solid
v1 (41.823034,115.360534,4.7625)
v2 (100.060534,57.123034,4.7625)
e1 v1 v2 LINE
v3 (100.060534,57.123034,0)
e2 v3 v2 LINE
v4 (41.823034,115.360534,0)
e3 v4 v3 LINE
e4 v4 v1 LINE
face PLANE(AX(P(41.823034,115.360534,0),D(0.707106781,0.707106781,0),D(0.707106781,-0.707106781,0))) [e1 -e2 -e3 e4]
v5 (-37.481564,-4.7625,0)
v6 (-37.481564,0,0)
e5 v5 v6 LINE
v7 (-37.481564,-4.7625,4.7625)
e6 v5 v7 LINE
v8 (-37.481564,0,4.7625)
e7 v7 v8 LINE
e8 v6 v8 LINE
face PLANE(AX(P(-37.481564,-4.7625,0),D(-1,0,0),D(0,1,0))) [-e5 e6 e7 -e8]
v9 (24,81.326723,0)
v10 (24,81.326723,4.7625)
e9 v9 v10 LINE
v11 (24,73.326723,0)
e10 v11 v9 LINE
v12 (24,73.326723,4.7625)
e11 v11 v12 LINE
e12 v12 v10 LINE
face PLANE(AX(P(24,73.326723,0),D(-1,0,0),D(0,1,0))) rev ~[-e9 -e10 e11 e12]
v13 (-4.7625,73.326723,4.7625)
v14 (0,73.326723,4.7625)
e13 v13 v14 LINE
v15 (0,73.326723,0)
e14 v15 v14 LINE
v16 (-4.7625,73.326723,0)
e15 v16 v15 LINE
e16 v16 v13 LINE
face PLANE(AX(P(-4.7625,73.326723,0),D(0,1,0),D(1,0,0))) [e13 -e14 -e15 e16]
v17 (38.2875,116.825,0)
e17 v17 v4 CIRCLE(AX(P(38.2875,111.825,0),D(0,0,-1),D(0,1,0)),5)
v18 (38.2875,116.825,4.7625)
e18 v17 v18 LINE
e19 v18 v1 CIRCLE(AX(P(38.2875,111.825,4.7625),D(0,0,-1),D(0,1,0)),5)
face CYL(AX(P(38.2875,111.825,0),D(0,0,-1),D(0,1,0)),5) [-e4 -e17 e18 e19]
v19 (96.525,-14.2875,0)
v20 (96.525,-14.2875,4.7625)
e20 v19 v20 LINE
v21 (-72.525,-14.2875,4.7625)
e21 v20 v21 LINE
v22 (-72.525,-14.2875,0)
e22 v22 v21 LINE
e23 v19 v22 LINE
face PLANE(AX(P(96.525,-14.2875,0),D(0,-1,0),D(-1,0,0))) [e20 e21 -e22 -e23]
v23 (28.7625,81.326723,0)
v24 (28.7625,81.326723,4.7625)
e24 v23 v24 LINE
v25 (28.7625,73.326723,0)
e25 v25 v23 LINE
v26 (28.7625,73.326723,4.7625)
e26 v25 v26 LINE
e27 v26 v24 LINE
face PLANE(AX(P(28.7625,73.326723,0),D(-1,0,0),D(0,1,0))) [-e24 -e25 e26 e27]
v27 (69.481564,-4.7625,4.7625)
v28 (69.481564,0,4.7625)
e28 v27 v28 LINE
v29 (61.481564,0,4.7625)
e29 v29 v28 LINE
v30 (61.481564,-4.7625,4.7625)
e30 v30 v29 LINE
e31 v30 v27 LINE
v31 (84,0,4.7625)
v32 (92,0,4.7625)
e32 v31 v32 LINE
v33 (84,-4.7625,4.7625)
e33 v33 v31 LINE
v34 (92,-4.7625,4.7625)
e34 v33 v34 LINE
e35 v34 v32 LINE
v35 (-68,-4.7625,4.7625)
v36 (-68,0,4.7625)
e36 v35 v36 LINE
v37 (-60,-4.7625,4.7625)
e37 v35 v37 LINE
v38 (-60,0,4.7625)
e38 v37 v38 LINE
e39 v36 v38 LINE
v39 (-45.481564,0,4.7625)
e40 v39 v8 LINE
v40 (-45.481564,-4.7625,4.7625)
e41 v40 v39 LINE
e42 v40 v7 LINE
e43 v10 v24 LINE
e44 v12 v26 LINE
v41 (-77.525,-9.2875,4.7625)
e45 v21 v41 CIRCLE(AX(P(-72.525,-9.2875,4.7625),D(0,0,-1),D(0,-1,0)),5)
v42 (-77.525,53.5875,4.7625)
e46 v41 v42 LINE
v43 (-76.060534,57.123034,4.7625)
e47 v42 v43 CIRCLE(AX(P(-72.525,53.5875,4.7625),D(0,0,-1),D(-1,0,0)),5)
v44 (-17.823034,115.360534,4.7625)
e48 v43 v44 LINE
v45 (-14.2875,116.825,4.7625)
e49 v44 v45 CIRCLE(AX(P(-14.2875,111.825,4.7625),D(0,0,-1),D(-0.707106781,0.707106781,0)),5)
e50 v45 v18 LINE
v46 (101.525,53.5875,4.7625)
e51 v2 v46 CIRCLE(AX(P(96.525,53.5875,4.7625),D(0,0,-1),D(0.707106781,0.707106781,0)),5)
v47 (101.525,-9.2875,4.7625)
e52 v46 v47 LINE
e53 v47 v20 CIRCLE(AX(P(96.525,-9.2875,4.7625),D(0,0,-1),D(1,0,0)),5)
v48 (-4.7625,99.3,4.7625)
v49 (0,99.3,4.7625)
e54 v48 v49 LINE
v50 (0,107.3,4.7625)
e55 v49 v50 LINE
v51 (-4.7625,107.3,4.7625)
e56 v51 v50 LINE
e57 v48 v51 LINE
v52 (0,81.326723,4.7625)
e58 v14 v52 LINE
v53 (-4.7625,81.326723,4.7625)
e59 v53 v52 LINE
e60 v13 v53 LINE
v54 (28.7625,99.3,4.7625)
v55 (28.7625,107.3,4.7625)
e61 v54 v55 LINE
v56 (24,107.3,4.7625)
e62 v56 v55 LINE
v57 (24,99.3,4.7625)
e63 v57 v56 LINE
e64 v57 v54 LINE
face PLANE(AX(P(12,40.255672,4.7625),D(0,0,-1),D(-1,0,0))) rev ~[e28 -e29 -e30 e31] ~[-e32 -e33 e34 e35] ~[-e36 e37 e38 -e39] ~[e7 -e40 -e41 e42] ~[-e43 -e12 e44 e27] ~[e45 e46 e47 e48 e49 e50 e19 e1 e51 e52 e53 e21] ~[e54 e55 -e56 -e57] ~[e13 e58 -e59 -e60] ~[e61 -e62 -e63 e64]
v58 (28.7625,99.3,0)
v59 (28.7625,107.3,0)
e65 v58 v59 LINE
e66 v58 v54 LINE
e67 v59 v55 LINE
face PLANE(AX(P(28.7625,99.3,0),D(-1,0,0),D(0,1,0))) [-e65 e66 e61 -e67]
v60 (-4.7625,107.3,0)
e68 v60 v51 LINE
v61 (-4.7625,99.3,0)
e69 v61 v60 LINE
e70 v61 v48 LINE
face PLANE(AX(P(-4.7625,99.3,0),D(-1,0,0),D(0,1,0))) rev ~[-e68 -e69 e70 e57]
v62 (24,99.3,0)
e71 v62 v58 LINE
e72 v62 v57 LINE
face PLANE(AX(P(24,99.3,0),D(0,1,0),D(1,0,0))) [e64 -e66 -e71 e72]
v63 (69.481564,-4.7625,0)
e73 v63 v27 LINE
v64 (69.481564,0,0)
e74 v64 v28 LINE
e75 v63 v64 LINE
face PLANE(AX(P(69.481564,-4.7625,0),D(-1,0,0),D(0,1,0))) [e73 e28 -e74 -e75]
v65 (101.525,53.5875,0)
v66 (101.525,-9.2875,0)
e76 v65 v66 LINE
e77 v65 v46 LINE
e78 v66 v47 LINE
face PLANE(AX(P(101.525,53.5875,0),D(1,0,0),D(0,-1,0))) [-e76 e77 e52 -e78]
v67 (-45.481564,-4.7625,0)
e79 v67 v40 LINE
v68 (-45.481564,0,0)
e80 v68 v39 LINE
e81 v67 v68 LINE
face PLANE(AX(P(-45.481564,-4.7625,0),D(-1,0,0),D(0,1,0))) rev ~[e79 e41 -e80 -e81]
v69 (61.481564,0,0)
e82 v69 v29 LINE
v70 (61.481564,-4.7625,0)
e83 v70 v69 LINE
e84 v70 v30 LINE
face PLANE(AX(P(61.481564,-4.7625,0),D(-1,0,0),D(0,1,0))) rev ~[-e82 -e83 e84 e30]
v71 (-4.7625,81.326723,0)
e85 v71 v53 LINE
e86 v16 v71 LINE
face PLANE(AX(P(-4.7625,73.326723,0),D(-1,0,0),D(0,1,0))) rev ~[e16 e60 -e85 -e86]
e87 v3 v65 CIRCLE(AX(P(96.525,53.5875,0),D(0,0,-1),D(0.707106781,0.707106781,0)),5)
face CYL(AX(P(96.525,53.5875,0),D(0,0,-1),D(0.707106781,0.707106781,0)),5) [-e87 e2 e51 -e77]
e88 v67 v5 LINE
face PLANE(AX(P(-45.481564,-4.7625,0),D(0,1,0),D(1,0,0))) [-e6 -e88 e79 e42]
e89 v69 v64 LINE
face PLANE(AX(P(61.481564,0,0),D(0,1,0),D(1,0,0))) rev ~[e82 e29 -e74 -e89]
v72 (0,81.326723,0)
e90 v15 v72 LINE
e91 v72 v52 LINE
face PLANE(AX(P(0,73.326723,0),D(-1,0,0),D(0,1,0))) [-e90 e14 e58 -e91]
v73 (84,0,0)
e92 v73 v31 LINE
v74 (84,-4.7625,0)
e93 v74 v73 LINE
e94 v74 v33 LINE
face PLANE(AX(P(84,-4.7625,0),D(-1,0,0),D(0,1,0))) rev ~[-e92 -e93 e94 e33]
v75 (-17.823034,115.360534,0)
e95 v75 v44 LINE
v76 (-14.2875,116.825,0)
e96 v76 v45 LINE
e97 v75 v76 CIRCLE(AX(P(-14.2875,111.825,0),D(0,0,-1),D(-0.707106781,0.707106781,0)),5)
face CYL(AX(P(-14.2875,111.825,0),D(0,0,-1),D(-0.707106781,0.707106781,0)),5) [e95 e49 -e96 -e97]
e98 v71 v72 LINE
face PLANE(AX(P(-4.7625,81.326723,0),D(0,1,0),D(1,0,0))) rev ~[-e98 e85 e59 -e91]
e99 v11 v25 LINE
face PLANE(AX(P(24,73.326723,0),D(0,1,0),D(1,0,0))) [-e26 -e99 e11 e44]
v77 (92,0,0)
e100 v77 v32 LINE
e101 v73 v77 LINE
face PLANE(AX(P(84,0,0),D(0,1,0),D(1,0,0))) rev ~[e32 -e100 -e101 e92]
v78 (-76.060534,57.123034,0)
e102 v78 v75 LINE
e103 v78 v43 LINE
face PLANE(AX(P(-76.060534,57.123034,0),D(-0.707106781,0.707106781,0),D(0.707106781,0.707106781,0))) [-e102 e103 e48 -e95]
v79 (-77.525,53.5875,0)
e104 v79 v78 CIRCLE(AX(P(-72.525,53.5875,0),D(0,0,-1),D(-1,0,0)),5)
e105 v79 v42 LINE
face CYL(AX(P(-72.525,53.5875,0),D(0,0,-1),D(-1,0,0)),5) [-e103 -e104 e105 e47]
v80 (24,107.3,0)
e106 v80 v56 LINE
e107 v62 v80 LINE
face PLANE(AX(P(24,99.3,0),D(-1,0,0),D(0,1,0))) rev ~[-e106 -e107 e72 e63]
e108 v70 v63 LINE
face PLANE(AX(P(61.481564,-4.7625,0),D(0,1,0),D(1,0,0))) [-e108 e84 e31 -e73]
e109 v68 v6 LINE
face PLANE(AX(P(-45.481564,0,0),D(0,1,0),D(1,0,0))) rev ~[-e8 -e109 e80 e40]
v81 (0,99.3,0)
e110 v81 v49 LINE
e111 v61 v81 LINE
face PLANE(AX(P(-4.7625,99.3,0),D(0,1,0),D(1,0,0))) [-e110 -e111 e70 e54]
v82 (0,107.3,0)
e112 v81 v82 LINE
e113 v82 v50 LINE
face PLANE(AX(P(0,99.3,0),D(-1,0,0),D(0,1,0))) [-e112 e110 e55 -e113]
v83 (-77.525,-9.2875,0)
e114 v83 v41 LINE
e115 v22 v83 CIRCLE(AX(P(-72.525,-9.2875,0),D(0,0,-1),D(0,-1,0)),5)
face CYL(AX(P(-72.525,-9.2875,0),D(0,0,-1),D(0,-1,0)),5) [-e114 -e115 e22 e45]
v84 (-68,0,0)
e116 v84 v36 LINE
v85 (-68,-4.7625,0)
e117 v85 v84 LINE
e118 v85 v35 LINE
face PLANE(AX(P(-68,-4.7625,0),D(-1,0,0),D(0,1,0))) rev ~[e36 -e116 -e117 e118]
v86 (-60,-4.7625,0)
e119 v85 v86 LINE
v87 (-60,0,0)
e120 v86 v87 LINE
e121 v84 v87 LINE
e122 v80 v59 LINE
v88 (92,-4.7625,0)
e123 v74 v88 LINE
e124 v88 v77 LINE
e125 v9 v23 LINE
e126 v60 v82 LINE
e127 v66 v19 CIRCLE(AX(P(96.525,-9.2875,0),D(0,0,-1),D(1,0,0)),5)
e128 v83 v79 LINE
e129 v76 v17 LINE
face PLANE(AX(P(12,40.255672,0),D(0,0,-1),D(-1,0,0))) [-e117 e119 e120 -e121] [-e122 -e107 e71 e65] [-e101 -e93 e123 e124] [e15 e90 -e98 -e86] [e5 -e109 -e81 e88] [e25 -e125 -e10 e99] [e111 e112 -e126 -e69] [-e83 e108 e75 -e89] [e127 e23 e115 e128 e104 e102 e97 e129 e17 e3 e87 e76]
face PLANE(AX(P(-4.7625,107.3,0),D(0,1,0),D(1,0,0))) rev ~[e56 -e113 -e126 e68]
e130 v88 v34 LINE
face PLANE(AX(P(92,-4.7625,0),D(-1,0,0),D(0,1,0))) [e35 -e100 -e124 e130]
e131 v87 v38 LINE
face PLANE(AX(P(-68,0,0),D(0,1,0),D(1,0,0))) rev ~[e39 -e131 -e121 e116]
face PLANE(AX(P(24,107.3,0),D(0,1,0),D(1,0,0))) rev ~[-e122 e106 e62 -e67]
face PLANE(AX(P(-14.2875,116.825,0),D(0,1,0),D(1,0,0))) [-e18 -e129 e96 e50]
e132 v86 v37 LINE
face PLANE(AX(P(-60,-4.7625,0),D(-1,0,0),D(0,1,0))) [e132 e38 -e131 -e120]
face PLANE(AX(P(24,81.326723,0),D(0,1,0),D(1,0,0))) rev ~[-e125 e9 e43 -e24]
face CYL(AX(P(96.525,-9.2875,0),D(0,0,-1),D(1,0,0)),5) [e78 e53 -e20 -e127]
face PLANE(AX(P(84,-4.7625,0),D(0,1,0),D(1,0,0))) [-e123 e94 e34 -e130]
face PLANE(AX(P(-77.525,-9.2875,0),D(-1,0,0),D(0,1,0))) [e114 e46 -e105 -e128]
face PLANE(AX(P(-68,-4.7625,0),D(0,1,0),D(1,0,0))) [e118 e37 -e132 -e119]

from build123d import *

# Parameters (mm, degrees)
SKETCH1_W           = 8
SKETCH1_H           = 4.7625
SKETCH1_W_2         = 4.7625
SKETCH1_H_2         = 8
BOSS_EXTRUDE1_DEPTH = 4.7625


with BuildPart() as part:
    # Sketch1 → Boss-Extrude1 (new body)
    with BuildSketch(Plane.XY):
        with BuildLine():
            Line((-17.823033906, 115.360533906), (-76.060533906, 57.123033906))
            ThreePointArc((-76.060533906, 57.123033906), (-77.144397663, 55.500917162), (-77.525, 53.5875))
            Line((-77.525, 53.5875), (-77.525, -9.2875))
            ThreePointArc((-77.525, -9.2875), (-76.060533906, -12.823033906), (-72.525, -14.2875))
            Line((-72.525, -14.2875), (96.525, -14.2875))
            ThreePointArc((96.525, -14.2875), (100.060533906, -12.823033906), (101.525, -9.2875))
            Line((101.525, -9.2875), (101.525, 53.5875))
            ThreePointArc((101.525, 53.5875), (101.144397663, 55.500917162), (100.060533906, 57.123033906))
            Line((100.060533906, 57.123033906), (41.823033906, 115.360533906))
            ThreePointArc((41.823033906, 115.360533906), (40.200917162, 116.444397663), (38.2875, 116.825))
            Line((38.2875, 116.825), (-14.2875, 116.825))
            ThreePointArc((-14.2875, 116.825), (-16.200917162, 116.444397663), (-17.823033906, 115.360533906))
        make_face()
        with Locations((-64, -2.38125)):
            Rectangle(SKETCH1_W, SKETCH1_H, mode=Mode.SUBTRACT)
        with Locations((-41.481563848, -2.38125)):
            Rectangle(SKETCH1_W, SKETCH1_H, mode=Mode.SUBTRACT)
        with Locations((65.481563848, -2.38125)):
            Rectangle(SKETCH1_W, SKETCH1_H, mode=Mode.SUBTRACT)
        with Locations((88, -2.38125)):
            Rectangle(SKETCH1_W, SKETCH1_H, mode=Mode.SUBTRACT)
        with Locations((-2.38125, 77.326723172)):
            Rectangle(SKETCH1_W_2, SKETCH1_H_2, mode=Mode.SUBTRACT)
        with Locations((-2.38125, 103.3)):
            Rectangle(SKETCH1_W_2, SKETCH1_H_2, mode=Mode.SUBTRACT)
        with Locations((26.38125, 77.326723172)):
            Rectangle(SKETCH1_W_2, SKETCH1_H_2, mode=Mode.SUBTRACT)
        with Locations((26.38125, 103.3)):
            Rectangle(SKETCH1_W_2, SKETCH1_H_2, mode=Mode.SUBTRACT)
    extrude(amount=BOSS_EXTRUDE1_DEPTH)


solid = part.part
